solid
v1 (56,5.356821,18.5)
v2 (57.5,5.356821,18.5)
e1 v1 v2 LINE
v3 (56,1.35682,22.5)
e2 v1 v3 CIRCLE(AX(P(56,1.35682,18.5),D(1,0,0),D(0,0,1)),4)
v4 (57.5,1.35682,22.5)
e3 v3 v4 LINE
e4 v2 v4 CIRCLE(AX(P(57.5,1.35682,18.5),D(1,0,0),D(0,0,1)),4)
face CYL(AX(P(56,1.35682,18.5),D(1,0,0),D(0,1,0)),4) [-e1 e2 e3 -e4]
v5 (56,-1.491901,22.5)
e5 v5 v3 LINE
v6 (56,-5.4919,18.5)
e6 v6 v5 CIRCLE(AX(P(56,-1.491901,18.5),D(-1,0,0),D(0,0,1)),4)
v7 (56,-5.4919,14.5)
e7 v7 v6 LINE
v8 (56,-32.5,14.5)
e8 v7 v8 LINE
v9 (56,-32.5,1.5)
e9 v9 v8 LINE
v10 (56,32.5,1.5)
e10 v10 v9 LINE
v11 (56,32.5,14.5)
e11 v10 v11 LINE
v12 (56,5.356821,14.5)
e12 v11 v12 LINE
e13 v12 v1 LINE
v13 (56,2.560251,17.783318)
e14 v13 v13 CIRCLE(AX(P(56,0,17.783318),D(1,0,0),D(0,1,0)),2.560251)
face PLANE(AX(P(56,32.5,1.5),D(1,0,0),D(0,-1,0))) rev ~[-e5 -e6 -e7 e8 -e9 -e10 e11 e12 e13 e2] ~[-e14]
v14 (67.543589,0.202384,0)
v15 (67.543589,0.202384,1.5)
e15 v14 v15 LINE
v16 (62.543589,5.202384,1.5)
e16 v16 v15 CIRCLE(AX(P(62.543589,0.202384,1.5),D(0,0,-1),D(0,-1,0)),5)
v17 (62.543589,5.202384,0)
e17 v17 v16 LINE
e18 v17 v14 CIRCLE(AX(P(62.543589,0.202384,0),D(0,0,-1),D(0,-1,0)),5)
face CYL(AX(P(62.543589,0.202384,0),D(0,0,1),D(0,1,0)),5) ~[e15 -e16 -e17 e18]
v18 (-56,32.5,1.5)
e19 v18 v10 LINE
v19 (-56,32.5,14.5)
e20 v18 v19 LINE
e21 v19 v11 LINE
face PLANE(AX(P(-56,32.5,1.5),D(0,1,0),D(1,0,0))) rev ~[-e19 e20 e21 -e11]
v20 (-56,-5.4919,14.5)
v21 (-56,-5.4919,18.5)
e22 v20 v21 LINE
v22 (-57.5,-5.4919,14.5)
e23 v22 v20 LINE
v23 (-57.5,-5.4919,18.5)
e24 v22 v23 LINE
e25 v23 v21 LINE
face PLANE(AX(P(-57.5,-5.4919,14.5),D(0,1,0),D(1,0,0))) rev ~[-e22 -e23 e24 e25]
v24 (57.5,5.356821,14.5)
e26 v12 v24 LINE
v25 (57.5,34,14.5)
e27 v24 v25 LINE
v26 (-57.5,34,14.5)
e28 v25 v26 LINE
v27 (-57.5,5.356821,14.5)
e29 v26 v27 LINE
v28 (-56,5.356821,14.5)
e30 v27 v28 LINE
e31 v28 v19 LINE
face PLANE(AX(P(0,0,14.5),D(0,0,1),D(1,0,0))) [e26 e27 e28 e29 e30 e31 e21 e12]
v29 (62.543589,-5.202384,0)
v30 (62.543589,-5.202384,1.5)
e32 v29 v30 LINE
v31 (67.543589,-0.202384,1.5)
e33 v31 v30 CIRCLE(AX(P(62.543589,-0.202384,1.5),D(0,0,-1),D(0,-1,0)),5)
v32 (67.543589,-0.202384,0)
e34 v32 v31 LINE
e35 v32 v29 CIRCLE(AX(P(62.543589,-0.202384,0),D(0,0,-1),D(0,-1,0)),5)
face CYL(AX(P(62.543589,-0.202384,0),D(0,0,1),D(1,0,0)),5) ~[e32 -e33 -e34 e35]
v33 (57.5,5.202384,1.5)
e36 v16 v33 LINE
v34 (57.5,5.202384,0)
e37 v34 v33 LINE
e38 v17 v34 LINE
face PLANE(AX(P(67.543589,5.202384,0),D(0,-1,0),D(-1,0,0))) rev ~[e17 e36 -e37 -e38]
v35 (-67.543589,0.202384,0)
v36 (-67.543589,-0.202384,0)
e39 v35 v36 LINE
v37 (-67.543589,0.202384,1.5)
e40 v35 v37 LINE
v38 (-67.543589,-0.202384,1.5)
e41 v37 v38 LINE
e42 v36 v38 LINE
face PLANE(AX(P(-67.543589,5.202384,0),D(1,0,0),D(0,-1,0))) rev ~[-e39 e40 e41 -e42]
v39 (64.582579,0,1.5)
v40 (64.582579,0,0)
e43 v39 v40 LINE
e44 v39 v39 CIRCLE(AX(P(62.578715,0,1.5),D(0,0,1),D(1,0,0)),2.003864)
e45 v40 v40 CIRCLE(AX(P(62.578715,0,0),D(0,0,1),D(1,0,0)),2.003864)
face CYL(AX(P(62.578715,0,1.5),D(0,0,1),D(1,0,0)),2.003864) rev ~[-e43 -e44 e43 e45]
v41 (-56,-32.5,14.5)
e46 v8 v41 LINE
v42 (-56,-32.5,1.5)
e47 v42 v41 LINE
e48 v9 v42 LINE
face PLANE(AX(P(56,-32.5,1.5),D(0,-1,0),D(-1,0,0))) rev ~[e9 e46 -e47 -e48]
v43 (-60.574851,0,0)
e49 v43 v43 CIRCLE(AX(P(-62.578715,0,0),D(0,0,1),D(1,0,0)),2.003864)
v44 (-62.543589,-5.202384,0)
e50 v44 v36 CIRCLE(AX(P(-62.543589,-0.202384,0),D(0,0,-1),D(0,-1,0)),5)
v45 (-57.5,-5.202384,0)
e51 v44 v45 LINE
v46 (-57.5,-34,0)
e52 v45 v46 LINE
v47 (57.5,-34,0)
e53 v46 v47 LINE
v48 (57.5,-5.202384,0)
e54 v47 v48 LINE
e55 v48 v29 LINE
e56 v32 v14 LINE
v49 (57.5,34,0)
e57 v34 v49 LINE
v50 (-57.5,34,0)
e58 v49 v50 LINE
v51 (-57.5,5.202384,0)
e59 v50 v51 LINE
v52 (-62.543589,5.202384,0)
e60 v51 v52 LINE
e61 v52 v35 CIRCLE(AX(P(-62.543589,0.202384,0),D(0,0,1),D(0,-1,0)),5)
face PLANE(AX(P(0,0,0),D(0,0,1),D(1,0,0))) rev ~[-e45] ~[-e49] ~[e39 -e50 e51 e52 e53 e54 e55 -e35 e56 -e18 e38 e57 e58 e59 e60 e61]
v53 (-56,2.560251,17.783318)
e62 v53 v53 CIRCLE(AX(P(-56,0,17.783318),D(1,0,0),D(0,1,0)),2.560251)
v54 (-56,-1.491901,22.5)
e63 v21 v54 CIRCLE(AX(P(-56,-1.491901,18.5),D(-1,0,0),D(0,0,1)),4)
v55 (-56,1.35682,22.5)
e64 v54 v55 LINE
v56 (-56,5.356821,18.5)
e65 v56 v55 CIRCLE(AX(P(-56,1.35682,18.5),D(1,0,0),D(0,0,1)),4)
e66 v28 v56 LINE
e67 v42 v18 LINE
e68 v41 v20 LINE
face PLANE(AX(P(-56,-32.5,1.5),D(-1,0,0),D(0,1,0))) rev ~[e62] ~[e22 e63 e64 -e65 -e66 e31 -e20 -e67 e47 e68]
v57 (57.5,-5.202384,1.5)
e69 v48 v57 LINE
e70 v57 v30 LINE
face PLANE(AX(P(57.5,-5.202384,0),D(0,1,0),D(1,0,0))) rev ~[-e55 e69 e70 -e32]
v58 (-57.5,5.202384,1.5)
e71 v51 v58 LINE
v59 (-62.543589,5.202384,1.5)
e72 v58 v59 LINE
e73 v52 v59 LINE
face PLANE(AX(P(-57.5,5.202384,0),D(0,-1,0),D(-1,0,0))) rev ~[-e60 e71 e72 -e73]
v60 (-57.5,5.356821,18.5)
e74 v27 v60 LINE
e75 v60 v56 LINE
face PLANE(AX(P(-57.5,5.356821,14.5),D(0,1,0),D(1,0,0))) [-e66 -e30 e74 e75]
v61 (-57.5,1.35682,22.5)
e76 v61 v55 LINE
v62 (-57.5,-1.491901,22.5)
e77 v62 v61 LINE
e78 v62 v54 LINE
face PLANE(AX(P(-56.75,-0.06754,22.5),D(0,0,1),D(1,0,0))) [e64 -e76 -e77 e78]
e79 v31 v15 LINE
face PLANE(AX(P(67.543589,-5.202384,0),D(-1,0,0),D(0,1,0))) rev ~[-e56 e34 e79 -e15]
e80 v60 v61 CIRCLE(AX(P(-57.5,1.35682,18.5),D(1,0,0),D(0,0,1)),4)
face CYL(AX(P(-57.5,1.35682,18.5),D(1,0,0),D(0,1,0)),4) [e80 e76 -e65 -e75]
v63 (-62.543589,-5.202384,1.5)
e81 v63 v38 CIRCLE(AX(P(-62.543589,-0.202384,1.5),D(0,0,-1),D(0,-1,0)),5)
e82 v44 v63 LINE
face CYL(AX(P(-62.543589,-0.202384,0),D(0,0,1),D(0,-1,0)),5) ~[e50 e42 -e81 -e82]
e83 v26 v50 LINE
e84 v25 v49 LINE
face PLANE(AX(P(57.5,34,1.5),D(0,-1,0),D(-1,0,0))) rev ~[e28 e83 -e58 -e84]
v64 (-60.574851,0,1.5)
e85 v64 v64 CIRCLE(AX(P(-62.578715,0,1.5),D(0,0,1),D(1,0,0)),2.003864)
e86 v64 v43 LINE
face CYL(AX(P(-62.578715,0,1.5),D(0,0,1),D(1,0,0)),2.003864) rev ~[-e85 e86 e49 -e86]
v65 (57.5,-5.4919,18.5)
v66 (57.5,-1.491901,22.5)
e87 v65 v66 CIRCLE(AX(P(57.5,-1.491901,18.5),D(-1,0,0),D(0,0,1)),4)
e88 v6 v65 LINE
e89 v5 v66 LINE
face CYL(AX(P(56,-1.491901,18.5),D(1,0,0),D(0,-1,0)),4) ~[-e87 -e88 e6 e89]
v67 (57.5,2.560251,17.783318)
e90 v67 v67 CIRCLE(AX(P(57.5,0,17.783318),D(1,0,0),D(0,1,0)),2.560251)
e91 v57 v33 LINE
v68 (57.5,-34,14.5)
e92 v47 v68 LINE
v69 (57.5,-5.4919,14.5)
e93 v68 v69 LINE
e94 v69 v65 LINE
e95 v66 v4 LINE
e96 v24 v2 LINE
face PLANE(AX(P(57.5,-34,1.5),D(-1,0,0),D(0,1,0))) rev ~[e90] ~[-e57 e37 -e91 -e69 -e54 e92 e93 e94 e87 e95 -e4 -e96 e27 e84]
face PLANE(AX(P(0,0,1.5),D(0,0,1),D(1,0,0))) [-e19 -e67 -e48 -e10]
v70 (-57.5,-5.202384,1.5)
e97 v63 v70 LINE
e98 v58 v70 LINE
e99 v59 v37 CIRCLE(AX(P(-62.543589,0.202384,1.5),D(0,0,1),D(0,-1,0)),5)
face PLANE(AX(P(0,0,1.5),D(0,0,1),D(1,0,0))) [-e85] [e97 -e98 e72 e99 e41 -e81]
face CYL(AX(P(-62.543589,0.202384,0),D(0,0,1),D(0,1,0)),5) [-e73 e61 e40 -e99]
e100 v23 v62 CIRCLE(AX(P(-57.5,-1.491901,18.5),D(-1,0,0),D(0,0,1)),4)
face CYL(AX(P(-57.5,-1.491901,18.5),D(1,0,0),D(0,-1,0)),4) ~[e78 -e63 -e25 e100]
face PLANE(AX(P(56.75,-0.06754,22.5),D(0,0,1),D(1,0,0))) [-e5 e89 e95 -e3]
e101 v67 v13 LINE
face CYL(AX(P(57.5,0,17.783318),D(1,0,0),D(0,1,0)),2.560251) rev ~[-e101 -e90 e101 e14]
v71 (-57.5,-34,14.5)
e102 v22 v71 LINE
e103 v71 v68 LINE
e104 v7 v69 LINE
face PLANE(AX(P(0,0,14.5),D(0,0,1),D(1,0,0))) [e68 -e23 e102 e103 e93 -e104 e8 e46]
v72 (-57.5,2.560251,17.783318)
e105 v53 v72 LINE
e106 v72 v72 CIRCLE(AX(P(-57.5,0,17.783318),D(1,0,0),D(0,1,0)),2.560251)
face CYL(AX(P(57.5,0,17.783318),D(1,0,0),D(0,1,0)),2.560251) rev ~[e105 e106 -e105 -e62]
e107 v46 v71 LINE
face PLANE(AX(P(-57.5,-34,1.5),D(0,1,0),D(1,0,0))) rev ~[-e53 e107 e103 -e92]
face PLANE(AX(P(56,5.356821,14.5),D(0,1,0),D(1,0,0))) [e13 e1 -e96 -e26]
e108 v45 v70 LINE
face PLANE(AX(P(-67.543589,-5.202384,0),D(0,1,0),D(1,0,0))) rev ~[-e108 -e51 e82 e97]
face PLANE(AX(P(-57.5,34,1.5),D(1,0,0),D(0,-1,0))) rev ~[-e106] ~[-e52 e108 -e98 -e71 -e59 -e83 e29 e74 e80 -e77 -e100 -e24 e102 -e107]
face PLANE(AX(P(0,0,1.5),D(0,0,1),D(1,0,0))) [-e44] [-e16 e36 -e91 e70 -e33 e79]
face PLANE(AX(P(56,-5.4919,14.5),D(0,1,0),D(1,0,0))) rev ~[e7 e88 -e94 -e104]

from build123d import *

# Parameters (mm, degrees)
F1_DEPTH  = 1.5
F3_DEPTH  = 13
F4_R      = 2.003864
F5_DEPTH  = 2
F6_R      = 5
F7_W      = 1.5
F7_H      = 10.848721
F8_DEPTH  = 8
F9_R      = 4
F10_R     = 2.560251
F11_DEPTH = 125


with BuildPart() as f1:
    # F0 (on Top) → F1 (new body)
    with BuildSketch(Plane.XY):
        Polygon((57.5, 5.202384), (57.5, 34), (-57.5, 34), (-57.5, 5.202384), (-57.5, -5.202384), (-57.5, -34), (57.5, -34), (57.5, -5.202384), (57.5, 0), align=None)
        Polygon((-57.5, -5.202384), (-57.5, 5.202384), (-67.543589, 5.202384), (-67.543589, 0), (-67.543589, -5.202384), align=None)
        Polygon((67.543589, 5.202384), (57.5, 5.202384), (57.5, 0), (57.5, -5.202384), (67.543589, -5.202384), (67.543589, 0), align=None)
    extrude(amount=F1_DEPTH)

    # F2 (on face) → F3 (join)
    with BuildSketch(Plane.XY.offset(1.5)):
        Polygon((-57.5, 34), (-57.5, 5.202384), (-57.5, -5.202384), (-57.5, -34), (57.5, -34), (57.5, -5.202384), (57.5, 5.202384), (57.5, 34), align=None)
        Polygon((-56, 32.5), (56, 32.5), (56, 5.202384), (56, -5.202384), (56, -32.5), (-56, -32.5), (-56, -5.202384), (-56, 5.202384), align=None, mode=Mode.SUBTRACT)
    extrude(amount=F3_DEPTH)

    # F4 (on face) → F5 (cut)
    with BuildSketch(Plane.XY.offset(1.5)):
        with Locations((-62.578715, 0)):
            Circle(F4_R)
        with Locations((62.578715, 0)):
            Circle(F4_R)
    extrude(amount=-F5_DEPTH, mode=Mode.SUBTRACT)

    # F6
    f6_edges = [f1.edges().sort_by_distance(p)[0] for p in [
        (-67.543589, 5.202384, 0.75),
        (-67.543589, -5.202384, 0.75),
        (67.543589, 5.202384, 0.75),
        (67.543589, -5.202384, 0.75),
    ]]
    fillet(f6_edges, radius=F6_R)

    # F7 (on face) → F8 (join)
    with BuildSketch(Plane.XY.offset(14.5)):
        with Locations((-56.75, -0.06754)):
            Rectangle(F7_W, F7_H)
        with Locations((56.75, -0.06754)):
            Rectangle(F7_W, F7_H)
    extrude(amount=F8_DEPTH)

    # F9
    f9_edges = [f1.edges().sort_by_distance(p)[0] for p in [
        (-56.75, -5.491901, 22.5),
        (-56.75, 5.35682, 22.5),
        (56.75, -5.491901, 22.5),
        (56.75, 5.35682, 22.5),
    ]]
    fillet(f9_edges, radius=F9_R)

    # F10 (on face) → F11 (cut)
    with BuildSketch(Plane.YZ.offset(57.5)):
        with Locations((0, 17.783318)):
            Circle(F10_R)
    extrude(amount=-F11_DEPTH, mode=Mode.SUBTRACT)


solid = f1.part
